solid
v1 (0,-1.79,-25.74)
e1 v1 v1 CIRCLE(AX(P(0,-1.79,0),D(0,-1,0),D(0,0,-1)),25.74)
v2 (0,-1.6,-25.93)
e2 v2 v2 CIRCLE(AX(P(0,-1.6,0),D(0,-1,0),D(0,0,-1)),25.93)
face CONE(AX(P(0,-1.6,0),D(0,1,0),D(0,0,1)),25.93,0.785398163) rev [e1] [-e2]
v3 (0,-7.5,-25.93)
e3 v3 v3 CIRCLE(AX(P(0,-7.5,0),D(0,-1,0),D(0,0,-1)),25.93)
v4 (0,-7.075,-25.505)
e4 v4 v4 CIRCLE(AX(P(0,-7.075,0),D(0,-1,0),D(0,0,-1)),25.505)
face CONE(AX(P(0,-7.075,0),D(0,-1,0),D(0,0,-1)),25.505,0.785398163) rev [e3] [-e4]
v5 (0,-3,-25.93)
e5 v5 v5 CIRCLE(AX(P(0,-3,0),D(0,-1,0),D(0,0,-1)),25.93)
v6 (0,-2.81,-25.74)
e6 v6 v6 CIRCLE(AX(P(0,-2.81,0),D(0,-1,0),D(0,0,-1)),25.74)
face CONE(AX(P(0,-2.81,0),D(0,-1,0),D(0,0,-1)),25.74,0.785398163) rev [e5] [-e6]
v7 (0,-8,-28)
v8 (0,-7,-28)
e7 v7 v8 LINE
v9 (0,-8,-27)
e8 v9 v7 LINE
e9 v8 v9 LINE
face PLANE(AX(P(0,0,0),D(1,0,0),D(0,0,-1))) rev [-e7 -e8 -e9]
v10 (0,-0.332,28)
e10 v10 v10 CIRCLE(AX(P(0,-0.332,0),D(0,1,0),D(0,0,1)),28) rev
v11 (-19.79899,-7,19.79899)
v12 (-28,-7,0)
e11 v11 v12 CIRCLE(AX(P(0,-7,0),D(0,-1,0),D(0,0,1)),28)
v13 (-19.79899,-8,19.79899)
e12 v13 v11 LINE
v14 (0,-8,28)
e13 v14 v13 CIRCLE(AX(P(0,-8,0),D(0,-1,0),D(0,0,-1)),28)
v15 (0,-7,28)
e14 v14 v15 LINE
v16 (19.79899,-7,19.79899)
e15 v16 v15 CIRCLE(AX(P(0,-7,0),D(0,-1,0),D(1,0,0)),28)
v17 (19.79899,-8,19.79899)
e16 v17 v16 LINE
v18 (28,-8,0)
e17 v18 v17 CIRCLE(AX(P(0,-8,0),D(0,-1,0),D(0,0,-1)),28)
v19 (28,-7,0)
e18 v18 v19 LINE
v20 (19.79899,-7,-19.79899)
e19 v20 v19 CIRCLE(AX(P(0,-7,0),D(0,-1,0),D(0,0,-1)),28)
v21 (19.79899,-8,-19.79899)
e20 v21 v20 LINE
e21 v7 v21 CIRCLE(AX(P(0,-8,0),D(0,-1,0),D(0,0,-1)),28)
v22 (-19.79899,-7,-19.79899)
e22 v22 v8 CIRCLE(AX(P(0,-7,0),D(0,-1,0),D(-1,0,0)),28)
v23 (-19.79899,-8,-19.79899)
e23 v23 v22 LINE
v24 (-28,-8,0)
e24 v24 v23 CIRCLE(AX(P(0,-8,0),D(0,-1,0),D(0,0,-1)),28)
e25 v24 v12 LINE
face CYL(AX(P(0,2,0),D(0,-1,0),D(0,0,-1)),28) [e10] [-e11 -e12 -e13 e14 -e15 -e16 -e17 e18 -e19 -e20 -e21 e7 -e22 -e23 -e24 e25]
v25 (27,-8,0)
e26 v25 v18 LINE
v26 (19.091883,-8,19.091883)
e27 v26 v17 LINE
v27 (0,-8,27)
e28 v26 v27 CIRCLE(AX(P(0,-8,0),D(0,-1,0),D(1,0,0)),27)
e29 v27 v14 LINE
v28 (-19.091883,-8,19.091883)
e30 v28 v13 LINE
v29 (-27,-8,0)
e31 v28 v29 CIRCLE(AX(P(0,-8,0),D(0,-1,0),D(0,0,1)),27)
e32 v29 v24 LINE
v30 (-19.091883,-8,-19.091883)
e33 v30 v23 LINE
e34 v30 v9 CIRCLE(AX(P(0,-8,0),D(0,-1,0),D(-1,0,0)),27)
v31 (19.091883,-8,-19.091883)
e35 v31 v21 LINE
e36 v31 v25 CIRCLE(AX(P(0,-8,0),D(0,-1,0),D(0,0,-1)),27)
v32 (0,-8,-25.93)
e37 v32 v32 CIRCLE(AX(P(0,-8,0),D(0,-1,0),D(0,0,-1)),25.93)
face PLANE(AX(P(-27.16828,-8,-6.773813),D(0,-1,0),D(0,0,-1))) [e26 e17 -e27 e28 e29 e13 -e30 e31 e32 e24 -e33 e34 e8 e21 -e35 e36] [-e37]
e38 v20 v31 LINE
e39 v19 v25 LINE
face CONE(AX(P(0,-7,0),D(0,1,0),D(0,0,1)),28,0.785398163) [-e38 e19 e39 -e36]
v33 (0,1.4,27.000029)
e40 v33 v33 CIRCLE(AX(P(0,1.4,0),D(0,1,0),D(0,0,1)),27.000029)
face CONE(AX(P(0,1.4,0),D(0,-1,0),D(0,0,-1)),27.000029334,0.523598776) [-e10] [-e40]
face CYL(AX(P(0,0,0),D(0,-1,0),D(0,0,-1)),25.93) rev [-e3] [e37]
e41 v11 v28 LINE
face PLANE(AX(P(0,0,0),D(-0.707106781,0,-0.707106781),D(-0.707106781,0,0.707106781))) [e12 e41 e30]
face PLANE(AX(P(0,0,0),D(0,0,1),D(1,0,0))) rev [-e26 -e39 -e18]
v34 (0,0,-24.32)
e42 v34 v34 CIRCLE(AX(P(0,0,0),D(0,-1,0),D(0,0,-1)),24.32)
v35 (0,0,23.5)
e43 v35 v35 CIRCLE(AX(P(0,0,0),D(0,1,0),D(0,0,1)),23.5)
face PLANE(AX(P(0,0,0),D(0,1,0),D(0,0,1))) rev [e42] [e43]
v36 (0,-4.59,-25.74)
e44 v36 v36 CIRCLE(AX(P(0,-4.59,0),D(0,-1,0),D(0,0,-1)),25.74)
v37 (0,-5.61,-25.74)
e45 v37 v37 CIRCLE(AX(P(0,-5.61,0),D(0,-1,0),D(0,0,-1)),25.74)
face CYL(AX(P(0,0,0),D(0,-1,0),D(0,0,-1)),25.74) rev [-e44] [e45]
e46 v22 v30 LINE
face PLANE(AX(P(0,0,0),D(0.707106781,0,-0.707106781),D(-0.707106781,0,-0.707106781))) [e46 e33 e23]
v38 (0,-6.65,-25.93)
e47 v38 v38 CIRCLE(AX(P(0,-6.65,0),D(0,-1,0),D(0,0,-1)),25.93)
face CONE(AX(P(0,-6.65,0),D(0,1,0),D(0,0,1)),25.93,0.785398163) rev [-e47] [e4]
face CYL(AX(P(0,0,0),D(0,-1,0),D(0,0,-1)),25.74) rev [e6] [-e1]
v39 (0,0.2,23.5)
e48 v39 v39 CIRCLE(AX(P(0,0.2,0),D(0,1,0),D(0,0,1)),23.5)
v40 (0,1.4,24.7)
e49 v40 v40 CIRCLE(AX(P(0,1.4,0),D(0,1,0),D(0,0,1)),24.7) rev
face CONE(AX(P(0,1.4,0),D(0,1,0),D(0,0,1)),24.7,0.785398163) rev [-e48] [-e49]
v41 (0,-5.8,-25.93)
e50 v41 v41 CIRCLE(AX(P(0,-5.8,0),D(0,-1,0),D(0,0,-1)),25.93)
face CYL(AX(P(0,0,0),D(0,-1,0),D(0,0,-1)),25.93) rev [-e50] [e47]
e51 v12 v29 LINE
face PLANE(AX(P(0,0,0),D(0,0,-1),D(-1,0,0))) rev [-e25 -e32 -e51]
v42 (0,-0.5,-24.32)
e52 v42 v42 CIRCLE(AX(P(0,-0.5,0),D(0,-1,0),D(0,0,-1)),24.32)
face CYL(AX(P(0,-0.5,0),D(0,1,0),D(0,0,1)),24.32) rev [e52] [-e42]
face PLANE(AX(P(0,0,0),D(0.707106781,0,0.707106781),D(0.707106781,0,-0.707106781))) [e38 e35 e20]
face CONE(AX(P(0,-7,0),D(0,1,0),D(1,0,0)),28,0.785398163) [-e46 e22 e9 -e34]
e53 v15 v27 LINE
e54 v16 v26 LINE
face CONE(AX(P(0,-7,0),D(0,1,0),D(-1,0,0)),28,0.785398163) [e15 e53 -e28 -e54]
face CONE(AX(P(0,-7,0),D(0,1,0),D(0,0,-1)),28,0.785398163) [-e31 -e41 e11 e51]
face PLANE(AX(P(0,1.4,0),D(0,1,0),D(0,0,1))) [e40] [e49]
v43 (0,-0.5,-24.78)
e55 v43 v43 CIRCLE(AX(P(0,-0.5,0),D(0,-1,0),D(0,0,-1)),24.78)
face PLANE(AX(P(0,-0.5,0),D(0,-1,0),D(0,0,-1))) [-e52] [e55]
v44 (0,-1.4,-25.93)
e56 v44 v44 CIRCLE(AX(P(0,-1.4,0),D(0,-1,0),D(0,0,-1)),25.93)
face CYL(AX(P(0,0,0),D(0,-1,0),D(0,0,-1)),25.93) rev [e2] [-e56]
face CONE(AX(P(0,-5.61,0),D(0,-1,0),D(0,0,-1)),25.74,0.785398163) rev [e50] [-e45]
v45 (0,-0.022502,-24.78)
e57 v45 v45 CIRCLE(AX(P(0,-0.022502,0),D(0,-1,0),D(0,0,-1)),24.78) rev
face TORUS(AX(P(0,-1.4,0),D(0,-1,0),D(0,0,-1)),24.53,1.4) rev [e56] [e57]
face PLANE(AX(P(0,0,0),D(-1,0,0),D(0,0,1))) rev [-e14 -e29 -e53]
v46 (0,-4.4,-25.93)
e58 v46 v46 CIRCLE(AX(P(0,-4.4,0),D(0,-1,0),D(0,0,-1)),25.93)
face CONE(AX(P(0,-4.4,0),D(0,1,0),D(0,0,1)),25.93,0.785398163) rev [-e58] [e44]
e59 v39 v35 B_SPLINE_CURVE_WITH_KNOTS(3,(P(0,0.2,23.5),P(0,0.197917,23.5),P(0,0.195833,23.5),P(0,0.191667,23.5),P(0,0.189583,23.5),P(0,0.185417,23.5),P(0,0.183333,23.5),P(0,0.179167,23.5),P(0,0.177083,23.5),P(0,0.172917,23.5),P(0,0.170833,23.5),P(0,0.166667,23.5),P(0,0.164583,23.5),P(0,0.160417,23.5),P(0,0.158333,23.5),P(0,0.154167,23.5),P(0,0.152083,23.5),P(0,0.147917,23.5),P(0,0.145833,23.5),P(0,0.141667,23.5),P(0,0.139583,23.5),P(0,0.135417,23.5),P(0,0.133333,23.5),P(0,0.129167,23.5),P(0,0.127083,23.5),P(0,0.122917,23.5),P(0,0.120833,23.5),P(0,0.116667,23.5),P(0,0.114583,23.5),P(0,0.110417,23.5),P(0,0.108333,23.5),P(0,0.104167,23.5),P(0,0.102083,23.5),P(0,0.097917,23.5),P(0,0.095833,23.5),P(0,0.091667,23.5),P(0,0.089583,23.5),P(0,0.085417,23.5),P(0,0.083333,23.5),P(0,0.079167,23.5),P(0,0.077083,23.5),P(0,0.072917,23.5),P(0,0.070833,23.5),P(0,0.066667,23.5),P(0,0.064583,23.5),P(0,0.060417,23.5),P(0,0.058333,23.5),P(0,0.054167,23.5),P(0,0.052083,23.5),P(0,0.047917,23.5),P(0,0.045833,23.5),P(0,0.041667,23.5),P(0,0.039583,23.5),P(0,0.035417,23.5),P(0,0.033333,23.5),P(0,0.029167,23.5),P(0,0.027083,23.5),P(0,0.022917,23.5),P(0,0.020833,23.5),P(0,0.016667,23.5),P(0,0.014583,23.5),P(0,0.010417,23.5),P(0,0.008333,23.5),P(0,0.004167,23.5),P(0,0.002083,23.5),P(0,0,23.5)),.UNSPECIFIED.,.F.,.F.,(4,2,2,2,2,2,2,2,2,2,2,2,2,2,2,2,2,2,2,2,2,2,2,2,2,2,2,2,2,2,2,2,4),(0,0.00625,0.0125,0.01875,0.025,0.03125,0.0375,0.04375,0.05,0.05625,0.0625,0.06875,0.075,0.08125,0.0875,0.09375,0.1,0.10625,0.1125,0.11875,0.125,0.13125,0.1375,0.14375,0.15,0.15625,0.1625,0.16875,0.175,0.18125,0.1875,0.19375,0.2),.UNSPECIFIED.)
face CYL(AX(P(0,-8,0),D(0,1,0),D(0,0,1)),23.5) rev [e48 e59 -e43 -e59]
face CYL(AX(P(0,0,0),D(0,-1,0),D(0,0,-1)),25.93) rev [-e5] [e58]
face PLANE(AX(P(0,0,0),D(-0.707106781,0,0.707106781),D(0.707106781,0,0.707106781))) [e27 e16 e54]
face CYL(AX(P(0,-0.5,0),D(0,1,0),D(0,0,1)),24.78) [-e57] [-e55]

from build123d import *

# Parameters (mm, degrees)
SKETCH_1_R               = 28
EXTRUDE_1_DEPTH          = 2
SKETCH_4_R               = 23.5
CUT_EXTRUDE_1_DEPTH      = 41.841155713
CUT_EXTRUDE_START        = -0.6
SKETCH_5_R               = 28
CUT_EXTRUDE_2_DEPTH      = 0.6
CHAMFER_1_SIZE           = 1.2
CHAMFER_2_SIZE           = 1.732
CHAMFER_2_SIZE2          = 0.999970666
CUT_REVOLVE_1_ANGLE      = 45
PATTERN_CIRCULAR_1_COUNT = 4
SKETCH_8_R               = 24.78
SKETCH_8_R_2             = 24.32
EXTRUDE_2_DEPTH          = 0.5


with BuildPart() as part:
    # 草图1 → 凸台-拉伸1 (new body)
    with BuildSketch(Plane(origin=(0, 0, 0), x_dir=(1, 0, 0), z_dir=(0, 1, 0))):
        with Locations(Location((0, 0, 0), (0, 0, 270))):
            Circle(SKETCH_1_R)
    extrude(amount=EXTRUDE_1_DEPTH)

    # 草图2 → 旋转1 (revolve)
    with BuildSketch(Plane(origin=(0, 0, 0), x_dir=(-0.9702957262759954, 0, -0.24192189559967248), z_dir=(0.24192189559967245, 0, -0.9702957262759953)), mode=Mode.PRIVATE) as revolve_1_sk:
        with BuildLine():
            Line((25.93, -8), (25.93, -7.5))
            Line((25.93, -7.5), (25.505, -7.075))
            Line((25.505, -7.075), (25.93, -6.65))
            Line((25.93, -6.65), (25.93, -5.8))
            Line((25.93, -5.8), (25.74, -5.61))
            Line((25.74, -5.61), (25.74, -4.59))
            Line((25.74, -4.59), (25.93, -4.4))
            Line((25.93, -4.4), (25.93, -3))
            Line((25.93, -3), (25.74, -2.81))
            Line((25.74, -2.81), (25.74, -1.79))
            Line((25.74, -1.79), (25.93, -1.6))
            Line((25.93, -1.6), (25.93, -1.4))
            ThreePointArc((25.93, -1.4), (25.519949494, -0.410050506), (24.53, 0))
            Line((24.53, 0), (28, 0))
            Line((28, 0), (28, -8))
            Line((28, -8), (25.93, -8))
        make_face()
    revolve(revolve_1_sk.sketch.rotate(Axis((0, 0, 0), (0, 1, 0)), 284), axis=Axis((0, 0, 0), (0, 1, 0)))

    # 草图4 → 切除-拉伸1 (cut, through all)
    with BuildSketch(Plane(origin=(0, 2, 0), x_dir=(1, 0, 0), z_dir=(0, 1, 0))):
        with Locations(Location((0, 0, 0), (0, 0, 270))):
            Circle(SKETCH_4_R)
    extrude(amount=-CUT_EXTRUDE_1_DEPTH, mode=Mode.SUBTRACT)

    # 草图5 → 切除-拉伸2 (cut)
    with BuildSketch(Plane(origin=(0, 2, 0), x_dir=(1, 0, 0), z_dir=(0, 1, 0)).offset(CUT_EXTRUDE_START)):
        with Locations(Location((0, 0, 0), (0, 0, 90))):
            Circle(SKETCH_5_R)
    extrude(amount=CUT_EXTRUDE_2_DEPTH, mode=Mode.SUBTRACT)

    # 倒角1
    chamfer_1_edges = [part.edges().sort_by_distance(p)[0] for p in [
        (0, 1.4, -23.5),
    ]]
    chamfer(chamfer_1_edges, length=CHAMFER_1_SIZE)

    # 倒角2
    chamfer_2_edges = [part.edges().sort_by_distance(p)[0] for p in [
        (0, 1.4, -28),
    ]]
    chamfer_2_side = [part.faces().sort_by_distance(p)[0] for p in [
        (0, 0.7, -28),
    ]]
    chamfer(chamfer_2_edges, length=CHAMFER_2_SIZE, length2=CHAMFER_2_SIZE2, reference=chamfer_2_side[0])

    # 草图7 → 切除-旋转1 (revolve, cut)
    with BuildSketch(Plane.XY):
        Polygon((28, -8), (28, -7), (27, -8), align=None)
    cut_revolve_1 = revolve(axis=Axis((0, 0, 0), (0, 1, 0)), revolution_arc=CUT_REVOLVE_1_ANGLE, mode=Mode.SUBTRACT)

    # 阵列(圆周)1: 切除-旋转1 ×4 about axis
    pattern_circular_1_axis = Axis((0, 0, 0), (0, 1, 0))
    for i in range(1, PATTERN_CIRCULAR_1_COUNT):
        add(cut_revolve_1.rotate(pattern_circular_1_axis, i * 360 / PATTERN_CIRCULAR_1_COUNT), mode=Mode.SUBTRACT)

    # 草图8 → 凸台-拉伸2 (add)
    with BuildSketch(Plane.XZ):
        with Locations(Location((0, 0, 0), (0, 0, 270))):
            Circle(SKETCH_8_R)
        with Locations(Location((0, 0, 0), (0, 0, 270))):
            Circle(SKETCH_8_R_2, mode=Mode.SUBTRACT)
    extrude(amount=EXTRUDE_2_DEPTH)


solid = part.part
